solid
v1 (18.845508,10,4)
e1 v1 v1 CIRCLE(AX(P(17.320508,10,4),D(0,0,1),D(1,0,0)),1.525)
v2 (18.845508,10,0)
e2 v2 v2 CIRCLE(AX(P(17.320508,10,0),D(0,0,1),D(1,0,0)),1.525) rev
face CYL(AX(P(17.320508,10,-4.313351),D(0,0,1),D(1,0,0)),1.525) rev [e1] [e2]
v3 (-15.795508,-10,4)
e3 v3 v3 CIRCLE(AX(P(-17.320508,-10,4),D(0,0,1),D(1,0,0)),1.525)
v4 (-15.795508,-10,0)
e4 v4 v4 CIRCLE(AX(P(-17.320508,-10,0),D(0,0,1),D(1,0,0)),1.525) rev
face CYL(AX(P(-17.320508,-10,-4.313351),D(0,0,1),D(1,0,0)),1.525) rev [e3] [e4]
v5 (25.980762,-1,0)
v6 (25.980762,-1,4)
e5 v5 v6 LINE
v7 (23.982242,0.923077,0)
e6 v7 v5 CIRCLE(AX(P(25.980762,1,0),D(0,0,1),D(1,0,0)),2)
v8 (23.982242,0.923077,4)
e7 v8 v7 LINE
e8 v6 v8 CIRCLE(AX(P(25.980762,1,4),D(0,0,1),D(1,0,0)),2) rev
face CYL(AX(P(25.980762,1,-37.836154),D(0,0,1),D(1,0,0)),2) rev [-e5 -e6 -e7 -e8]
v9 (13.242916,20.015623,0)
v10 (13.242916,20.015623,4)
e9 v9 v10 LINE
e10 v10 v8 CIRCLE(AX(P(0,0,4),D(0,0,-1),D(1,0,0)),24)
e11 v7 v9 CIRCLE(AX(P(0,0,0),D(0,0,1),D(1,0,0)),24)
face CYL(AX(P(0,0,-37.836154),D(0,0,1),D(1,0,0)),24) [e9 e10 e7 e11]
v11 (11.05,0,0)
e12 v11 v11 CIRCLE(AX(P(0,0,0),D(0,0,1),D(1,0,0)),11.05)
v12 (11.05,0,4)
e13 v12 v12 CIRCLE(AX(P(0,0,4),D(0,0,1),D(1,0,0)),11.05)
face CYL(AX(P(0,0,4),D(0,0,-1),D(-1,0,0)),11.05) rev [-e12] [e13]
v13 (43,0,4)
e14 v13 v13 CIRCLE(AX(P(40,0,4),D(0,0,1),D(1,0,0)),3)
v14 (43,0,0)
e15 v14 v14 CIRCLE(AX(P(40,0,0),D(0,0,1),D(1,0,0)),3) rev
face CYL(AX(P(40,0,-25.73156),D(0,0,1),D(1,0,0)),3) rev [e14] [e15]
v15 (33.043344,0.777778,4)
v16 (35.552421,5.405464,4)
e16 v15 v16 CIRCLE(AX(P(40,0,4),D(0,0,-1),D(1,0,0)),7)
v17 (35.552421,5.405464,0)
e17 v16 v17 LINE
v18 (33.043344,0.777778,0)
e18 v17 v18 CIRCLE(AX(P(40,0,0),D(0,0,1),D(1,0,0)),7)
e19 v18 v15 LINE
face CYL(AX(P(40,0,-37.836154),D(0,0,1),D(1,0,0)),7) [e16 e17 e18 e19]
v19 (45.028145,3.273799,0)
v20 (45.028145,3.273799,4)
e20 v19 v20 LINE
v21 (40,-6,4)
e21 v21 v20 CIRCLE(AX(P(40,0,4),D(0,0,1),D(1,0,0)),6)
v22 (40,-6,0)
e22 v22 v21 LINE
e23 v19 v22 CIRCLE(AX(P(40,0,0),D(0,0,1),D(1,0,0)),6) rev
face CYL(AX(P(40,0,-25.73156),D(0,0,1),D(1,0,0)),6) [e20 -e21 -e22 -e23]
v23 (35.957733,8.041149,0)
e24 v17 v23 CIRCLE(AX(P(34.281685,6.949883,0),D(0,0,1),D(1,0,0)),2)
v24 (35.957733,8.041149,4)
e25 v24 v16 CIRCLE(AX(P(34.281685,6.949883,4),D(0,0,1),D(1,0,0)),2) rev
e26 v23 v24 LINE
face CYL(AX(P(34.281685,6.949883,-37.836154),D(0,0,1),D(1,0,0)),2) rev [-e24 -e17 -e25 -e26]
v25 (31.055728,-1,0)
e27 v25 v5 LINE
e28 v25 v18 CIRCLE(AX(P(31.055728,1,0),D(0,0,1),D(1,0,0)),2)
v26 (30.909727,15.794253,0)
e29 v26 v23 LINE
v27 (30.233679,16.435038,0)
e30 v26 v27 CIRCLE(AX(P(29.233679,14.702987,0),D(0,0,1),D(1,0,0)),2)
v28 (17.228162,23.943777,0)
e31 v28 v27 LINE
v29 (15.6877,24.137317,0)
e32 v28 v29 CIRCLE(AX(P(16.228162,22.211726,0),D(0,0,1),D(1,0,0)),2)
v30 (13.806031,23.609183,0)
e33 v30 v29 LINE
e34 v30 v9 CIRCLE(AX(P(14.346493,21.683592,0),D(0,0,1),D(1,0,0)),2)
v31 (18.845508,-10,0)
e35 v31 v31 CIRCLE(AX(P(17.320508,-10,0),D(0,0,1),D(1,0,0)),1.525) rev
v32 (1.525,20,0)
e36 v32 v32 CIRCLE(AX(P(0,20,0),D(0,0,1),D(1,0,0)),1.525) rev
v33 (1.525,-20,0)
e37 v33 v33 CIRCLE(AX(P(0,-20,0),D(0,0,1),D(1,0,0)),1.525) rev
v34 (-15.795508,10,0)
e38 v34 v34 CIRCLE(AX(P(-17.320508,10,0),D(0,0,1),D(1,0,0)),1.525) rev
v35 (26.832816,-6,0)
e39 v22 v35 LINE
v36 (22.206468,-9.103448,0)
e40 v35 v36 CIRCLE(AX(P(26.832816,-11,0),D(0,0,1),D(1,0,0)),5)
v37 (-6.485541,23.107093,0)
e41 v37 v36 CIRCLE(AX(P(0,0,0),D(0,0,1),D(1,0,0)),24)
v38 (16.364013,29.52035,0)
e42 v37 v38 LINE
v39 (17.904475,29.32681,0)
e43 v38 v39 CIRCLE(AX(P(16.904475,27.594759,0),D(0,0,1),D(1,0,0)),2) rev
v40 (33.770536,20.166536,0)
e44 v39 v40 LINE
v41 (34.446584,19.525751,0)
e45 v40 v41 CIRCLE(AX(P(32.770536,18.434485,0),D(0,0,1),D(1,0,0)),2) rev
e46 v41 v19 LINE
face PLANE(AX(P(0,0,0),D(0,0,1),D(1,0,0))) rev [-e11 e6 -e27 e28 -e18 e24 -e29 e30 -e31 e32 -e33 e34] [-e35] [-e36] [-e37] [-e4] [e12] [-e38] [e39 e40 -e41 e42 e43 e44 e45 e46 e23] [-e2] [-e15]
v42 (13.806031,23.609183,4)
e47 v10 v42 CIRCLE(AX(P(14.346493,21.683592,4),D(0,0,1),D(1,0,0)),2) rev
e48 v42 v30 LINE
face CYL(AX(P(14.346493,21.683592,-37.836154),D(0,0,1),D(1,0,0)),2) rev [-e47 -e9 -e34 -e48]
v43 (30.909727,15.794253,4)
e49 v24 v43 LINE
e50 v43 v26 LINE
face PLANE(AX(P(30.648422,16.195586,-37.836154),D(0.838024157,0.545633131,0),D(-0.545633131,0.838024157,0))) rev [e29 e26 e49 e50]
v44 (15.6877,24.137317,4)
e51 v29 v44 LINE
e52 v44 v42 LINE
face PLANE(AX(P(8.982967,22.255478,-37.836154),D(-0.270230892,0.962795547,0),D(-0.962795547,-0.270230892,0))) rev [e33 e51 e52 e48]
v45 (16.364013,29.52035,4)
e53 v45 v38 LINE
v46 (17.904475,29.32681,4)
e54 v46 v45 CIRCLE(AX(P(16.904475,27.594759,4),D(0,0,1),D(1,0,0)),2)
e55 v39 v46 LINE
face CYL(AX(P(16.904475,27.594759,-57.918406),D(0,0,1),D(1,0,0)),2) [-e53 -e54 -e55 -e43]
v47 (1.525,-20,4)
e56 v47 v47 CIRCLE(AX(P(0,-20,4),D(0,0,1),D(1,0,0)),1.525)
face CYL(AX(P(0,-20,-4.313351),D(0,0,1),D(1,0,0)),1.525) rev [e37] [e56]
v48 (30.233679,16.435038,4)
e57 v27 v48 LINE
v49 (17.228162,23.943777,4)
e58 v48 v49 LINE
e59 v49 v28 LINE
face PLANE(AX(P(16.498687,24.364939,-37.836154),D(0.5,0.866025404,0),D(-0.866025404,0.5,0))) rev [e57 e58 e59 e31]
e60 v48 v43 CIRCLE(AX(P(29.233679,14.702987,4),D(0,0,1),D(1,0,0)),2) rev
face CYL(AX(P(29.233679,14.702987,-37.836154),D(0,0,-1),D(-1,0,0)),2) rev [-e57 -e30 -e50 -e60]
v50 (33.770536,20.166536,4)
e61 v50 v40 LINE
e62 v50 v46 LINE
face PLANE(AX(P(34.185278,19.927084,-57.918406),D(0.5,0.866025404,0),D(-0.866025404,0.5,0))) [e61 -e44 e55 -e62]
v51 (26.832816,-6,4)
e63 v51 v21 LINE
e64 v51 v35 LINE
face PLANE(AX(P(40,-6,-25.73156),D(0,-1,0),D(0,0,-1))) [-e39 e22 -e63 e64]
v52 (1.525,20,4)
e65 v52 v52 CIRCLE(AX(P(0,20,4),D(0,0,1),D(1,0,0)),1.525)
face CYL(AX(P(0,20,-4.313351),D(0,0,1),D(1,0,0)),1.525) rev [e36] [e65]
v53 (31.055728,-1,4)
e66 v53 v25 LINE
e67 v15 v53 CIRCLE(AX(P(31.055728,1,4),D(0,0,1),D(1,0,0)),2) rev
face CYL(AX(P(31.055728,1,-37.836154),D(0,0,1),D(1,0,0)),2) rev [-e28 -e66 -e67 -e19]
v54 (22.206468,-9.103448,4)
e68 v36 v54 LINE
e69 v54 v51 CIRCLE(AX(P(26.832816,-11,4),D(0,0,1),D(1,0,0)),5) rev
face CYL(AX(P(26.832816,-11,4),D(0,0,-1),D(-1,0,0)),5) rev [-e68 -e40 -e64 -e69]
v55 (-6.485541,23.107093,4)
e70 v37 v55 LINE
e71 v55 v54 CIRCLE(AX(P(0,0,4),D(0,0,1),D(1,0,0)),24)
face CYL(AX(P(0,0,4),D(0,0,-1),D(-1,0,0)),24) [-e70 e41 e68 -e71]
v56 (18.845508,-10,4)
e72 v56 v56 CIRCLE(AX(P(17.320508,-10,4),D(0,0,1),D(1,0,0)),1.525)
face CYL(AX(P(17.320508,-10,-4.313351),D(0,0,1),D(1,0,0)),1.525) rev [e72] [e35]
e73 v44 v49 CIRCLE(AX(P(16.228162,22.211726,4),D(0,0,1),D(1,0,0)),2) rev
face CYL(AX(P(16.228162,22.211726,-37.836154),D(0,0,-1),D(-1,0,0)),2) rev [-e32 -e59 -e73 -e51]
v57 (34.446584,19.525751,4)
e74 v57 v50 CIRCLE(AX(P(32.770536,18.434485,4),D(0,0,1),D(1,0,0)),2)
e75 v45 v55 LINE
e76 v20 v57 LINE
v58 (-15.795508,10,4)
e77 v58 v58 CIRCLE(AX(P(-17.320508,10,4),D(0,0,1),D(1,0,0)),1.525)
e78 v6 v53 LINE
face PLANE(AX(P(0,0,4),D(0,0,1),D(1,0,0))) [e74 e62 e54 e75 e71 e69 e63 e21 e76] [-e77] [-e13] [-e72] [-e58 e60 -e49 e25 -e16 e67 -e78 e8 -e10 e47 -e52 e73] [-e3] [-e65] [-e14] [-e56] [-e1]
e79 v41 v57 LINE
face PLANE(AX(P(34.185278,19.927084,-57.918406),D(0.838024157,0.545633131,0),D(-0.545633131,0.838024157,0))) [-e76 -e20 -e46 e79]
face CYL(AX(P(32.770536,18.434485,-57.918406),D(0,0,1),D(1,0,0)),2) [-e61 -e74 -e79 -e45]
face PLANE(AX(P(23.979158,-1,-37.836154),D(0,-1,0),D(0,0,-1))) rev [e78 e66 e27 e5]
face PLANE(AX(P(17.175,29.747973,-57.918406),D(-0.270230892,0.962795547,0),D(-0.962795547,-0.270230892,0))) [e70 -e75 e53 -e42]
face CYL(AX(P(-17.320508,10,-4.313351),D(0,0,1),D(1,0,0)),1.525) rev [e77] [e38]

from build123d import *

# Parameters (mm, degrees)
SKETCH_1_R          = 24
SKETCH_1_R_2        = 11.05
EXTRUDE_1_DEPTH     = 4
EXTRUDE_START       = -4
SKETCH_2_R          = 3
EXTRUDE_2_DEPTH     = 4
EXTRUDE_3_DEPTH     = 4
FILLET_1_R          = 2
FILLET_2_R          = 5
SKETCH_4_R          = 1.525
CUT_EXTRUDE_1_DEPTH = 4
CUT_EXTRUDE_START   = -4
CUT_EXTRUDE_2_DEPTH = 4
FILLET_3_R          = 2


with BuildPart() as part:
    # 草图1 → 凸台-拉伸1 (new body)
    with BuildSketch(Plane.XY):
        Circle(SKETCH_1_R)
        Circle(SKETCH_1_R_2, mode=Mode.SUBTRACT)
    extrude(amount=EXTRUDE_1_DEPTH)

    # 草图2 → 凸台-拉伸2 (add)
    with BuildSketch(Plane.XY.offset(4).offset(EXTRUDE_START)):
        with BuildLine():
            Line((40, 6), (23.237900077, 6))
            ThreePointArc((23.237900077, 6), (24, 0), (23.237900077, -6))
            Line((23.237900077, -6), (40, -6))
            ThreePointArc((40, -6), (46, 0), (40, 6))
        make_face()
        with Locations((40, 0)):
            Circle(SKETCH_2_R, mode=Mode.SUBTRACT)
    extrude(amount=EXTRUDE_2_DEPTH)

    # 草图3 → 凸台-拉伸3 (add)
    with BuildSketch(Plane.XY.offset(4).offset(EXTRUDE_START)):
        with BuildLine():
            Line((34.185278485, 19.927083758), (17.175, 29.74797262))
            Line((17.175, 29.74797262), (-6.485541404, 23.107093125))
            ThreePointArc((-6.485541404, 23.107093125), (11.971780948, 20.800876446), (23.237900077, 6))
            Line((23.237900077, 6), (40, 6))
            ThreePointArc((40, 6), (42.859825808, 5.274599165), (45.028144939, 3.273798783))
            Line((45.028144939, 3.273798783), (34.185278485, 19.927083758))
        make_face()
    extrude(amount=EXTRUDE_3_DEPTH)

    # 圆角1
    fillet_1_edges = [part.edges().sort_by_distance(p)[0] for p in [
        (34.185278485, 19.927083758, 2),
        (17.175, 29.74797262, 2),
    ]]
    fillet(fillet_1_edges, radius=FILLET_1_R)

    # 圆角2
    fillet_2_edges = [part.edges().sort_by_distance(p)[0] for p in [
        (23.237900077, -6, 2),
    ]]
    fillet(fillet_2_edges, radius=FILLET_2_R)

    # 草图4 → 切除-拉伸1 (cut)
    with BuildSketch(Plane.XY.offset(4)):
        with Locations((0, 20)):
            Circle(SKETCH_4_R)
        with Locations((17.320508076, 10)):
            Circle(SKETCH_4_R)
        with Locations((17.320508076, -10)):
            Circle(SKETCH_4_R)
        with Locations((0, -20)):
            Circle(SKETCH_4_R)
        with Locations((-17.320508076, -10)):
            Circle(SKETCH_4_R)
        with Locations((-17.320508076, 10)):
            Circle(SKETCH_4_R)
    extrude(amount=-CUT_EXTRUDE_1_DEPTH, mode=Mode.SUBTRACT)

    # 草图5 → 切除-拉伸2 (cut)
    with BuildSketch(Plane.XY.offset(4).offset(CUT_EXTRUDE_START)):
        with BuildLine():
            Line((8.982966985, 22.25547807), (16.498687329, 24.36493923))
            Line((16.498687329, 24.36493923), (30.648421839, 16.195586202))
            Line((30.648421839, 16.195586202), (37.057766939, 6.351634799))
            ThreePointArc((37.057766939, 6.351634799), (33.846300974, 3.336463442), (33.07179677, -1))
            Line((33.07179677, -1), (23.979157617, -1))
            ThreePointArc((23.979157617, -1), (20.170020566, 13.006547211), (8.982966985, 22.25547807))
        make_face()
    extrude(amount=CUT_EXTRUDE_2_DEPTH, mode=Mode.SUBTRACT)

    # 圆角3
    fillet_3_edges = [part.edges().sort_by_distance(p)[0] for p in [
        (23.979157617, -1, 2),
        (8.982966985, 22.25547807, 2),
        (16.498687329, 24.36493923, 2),
        (30.648421839, 16.195586202, 2),
        (37.057766939, 6.351634799, 2),
        (33.07179677, -1, 2),
    ]]
    fillet(fillet_3_edges, radius=FILLET_3_R)


solid = part.part
